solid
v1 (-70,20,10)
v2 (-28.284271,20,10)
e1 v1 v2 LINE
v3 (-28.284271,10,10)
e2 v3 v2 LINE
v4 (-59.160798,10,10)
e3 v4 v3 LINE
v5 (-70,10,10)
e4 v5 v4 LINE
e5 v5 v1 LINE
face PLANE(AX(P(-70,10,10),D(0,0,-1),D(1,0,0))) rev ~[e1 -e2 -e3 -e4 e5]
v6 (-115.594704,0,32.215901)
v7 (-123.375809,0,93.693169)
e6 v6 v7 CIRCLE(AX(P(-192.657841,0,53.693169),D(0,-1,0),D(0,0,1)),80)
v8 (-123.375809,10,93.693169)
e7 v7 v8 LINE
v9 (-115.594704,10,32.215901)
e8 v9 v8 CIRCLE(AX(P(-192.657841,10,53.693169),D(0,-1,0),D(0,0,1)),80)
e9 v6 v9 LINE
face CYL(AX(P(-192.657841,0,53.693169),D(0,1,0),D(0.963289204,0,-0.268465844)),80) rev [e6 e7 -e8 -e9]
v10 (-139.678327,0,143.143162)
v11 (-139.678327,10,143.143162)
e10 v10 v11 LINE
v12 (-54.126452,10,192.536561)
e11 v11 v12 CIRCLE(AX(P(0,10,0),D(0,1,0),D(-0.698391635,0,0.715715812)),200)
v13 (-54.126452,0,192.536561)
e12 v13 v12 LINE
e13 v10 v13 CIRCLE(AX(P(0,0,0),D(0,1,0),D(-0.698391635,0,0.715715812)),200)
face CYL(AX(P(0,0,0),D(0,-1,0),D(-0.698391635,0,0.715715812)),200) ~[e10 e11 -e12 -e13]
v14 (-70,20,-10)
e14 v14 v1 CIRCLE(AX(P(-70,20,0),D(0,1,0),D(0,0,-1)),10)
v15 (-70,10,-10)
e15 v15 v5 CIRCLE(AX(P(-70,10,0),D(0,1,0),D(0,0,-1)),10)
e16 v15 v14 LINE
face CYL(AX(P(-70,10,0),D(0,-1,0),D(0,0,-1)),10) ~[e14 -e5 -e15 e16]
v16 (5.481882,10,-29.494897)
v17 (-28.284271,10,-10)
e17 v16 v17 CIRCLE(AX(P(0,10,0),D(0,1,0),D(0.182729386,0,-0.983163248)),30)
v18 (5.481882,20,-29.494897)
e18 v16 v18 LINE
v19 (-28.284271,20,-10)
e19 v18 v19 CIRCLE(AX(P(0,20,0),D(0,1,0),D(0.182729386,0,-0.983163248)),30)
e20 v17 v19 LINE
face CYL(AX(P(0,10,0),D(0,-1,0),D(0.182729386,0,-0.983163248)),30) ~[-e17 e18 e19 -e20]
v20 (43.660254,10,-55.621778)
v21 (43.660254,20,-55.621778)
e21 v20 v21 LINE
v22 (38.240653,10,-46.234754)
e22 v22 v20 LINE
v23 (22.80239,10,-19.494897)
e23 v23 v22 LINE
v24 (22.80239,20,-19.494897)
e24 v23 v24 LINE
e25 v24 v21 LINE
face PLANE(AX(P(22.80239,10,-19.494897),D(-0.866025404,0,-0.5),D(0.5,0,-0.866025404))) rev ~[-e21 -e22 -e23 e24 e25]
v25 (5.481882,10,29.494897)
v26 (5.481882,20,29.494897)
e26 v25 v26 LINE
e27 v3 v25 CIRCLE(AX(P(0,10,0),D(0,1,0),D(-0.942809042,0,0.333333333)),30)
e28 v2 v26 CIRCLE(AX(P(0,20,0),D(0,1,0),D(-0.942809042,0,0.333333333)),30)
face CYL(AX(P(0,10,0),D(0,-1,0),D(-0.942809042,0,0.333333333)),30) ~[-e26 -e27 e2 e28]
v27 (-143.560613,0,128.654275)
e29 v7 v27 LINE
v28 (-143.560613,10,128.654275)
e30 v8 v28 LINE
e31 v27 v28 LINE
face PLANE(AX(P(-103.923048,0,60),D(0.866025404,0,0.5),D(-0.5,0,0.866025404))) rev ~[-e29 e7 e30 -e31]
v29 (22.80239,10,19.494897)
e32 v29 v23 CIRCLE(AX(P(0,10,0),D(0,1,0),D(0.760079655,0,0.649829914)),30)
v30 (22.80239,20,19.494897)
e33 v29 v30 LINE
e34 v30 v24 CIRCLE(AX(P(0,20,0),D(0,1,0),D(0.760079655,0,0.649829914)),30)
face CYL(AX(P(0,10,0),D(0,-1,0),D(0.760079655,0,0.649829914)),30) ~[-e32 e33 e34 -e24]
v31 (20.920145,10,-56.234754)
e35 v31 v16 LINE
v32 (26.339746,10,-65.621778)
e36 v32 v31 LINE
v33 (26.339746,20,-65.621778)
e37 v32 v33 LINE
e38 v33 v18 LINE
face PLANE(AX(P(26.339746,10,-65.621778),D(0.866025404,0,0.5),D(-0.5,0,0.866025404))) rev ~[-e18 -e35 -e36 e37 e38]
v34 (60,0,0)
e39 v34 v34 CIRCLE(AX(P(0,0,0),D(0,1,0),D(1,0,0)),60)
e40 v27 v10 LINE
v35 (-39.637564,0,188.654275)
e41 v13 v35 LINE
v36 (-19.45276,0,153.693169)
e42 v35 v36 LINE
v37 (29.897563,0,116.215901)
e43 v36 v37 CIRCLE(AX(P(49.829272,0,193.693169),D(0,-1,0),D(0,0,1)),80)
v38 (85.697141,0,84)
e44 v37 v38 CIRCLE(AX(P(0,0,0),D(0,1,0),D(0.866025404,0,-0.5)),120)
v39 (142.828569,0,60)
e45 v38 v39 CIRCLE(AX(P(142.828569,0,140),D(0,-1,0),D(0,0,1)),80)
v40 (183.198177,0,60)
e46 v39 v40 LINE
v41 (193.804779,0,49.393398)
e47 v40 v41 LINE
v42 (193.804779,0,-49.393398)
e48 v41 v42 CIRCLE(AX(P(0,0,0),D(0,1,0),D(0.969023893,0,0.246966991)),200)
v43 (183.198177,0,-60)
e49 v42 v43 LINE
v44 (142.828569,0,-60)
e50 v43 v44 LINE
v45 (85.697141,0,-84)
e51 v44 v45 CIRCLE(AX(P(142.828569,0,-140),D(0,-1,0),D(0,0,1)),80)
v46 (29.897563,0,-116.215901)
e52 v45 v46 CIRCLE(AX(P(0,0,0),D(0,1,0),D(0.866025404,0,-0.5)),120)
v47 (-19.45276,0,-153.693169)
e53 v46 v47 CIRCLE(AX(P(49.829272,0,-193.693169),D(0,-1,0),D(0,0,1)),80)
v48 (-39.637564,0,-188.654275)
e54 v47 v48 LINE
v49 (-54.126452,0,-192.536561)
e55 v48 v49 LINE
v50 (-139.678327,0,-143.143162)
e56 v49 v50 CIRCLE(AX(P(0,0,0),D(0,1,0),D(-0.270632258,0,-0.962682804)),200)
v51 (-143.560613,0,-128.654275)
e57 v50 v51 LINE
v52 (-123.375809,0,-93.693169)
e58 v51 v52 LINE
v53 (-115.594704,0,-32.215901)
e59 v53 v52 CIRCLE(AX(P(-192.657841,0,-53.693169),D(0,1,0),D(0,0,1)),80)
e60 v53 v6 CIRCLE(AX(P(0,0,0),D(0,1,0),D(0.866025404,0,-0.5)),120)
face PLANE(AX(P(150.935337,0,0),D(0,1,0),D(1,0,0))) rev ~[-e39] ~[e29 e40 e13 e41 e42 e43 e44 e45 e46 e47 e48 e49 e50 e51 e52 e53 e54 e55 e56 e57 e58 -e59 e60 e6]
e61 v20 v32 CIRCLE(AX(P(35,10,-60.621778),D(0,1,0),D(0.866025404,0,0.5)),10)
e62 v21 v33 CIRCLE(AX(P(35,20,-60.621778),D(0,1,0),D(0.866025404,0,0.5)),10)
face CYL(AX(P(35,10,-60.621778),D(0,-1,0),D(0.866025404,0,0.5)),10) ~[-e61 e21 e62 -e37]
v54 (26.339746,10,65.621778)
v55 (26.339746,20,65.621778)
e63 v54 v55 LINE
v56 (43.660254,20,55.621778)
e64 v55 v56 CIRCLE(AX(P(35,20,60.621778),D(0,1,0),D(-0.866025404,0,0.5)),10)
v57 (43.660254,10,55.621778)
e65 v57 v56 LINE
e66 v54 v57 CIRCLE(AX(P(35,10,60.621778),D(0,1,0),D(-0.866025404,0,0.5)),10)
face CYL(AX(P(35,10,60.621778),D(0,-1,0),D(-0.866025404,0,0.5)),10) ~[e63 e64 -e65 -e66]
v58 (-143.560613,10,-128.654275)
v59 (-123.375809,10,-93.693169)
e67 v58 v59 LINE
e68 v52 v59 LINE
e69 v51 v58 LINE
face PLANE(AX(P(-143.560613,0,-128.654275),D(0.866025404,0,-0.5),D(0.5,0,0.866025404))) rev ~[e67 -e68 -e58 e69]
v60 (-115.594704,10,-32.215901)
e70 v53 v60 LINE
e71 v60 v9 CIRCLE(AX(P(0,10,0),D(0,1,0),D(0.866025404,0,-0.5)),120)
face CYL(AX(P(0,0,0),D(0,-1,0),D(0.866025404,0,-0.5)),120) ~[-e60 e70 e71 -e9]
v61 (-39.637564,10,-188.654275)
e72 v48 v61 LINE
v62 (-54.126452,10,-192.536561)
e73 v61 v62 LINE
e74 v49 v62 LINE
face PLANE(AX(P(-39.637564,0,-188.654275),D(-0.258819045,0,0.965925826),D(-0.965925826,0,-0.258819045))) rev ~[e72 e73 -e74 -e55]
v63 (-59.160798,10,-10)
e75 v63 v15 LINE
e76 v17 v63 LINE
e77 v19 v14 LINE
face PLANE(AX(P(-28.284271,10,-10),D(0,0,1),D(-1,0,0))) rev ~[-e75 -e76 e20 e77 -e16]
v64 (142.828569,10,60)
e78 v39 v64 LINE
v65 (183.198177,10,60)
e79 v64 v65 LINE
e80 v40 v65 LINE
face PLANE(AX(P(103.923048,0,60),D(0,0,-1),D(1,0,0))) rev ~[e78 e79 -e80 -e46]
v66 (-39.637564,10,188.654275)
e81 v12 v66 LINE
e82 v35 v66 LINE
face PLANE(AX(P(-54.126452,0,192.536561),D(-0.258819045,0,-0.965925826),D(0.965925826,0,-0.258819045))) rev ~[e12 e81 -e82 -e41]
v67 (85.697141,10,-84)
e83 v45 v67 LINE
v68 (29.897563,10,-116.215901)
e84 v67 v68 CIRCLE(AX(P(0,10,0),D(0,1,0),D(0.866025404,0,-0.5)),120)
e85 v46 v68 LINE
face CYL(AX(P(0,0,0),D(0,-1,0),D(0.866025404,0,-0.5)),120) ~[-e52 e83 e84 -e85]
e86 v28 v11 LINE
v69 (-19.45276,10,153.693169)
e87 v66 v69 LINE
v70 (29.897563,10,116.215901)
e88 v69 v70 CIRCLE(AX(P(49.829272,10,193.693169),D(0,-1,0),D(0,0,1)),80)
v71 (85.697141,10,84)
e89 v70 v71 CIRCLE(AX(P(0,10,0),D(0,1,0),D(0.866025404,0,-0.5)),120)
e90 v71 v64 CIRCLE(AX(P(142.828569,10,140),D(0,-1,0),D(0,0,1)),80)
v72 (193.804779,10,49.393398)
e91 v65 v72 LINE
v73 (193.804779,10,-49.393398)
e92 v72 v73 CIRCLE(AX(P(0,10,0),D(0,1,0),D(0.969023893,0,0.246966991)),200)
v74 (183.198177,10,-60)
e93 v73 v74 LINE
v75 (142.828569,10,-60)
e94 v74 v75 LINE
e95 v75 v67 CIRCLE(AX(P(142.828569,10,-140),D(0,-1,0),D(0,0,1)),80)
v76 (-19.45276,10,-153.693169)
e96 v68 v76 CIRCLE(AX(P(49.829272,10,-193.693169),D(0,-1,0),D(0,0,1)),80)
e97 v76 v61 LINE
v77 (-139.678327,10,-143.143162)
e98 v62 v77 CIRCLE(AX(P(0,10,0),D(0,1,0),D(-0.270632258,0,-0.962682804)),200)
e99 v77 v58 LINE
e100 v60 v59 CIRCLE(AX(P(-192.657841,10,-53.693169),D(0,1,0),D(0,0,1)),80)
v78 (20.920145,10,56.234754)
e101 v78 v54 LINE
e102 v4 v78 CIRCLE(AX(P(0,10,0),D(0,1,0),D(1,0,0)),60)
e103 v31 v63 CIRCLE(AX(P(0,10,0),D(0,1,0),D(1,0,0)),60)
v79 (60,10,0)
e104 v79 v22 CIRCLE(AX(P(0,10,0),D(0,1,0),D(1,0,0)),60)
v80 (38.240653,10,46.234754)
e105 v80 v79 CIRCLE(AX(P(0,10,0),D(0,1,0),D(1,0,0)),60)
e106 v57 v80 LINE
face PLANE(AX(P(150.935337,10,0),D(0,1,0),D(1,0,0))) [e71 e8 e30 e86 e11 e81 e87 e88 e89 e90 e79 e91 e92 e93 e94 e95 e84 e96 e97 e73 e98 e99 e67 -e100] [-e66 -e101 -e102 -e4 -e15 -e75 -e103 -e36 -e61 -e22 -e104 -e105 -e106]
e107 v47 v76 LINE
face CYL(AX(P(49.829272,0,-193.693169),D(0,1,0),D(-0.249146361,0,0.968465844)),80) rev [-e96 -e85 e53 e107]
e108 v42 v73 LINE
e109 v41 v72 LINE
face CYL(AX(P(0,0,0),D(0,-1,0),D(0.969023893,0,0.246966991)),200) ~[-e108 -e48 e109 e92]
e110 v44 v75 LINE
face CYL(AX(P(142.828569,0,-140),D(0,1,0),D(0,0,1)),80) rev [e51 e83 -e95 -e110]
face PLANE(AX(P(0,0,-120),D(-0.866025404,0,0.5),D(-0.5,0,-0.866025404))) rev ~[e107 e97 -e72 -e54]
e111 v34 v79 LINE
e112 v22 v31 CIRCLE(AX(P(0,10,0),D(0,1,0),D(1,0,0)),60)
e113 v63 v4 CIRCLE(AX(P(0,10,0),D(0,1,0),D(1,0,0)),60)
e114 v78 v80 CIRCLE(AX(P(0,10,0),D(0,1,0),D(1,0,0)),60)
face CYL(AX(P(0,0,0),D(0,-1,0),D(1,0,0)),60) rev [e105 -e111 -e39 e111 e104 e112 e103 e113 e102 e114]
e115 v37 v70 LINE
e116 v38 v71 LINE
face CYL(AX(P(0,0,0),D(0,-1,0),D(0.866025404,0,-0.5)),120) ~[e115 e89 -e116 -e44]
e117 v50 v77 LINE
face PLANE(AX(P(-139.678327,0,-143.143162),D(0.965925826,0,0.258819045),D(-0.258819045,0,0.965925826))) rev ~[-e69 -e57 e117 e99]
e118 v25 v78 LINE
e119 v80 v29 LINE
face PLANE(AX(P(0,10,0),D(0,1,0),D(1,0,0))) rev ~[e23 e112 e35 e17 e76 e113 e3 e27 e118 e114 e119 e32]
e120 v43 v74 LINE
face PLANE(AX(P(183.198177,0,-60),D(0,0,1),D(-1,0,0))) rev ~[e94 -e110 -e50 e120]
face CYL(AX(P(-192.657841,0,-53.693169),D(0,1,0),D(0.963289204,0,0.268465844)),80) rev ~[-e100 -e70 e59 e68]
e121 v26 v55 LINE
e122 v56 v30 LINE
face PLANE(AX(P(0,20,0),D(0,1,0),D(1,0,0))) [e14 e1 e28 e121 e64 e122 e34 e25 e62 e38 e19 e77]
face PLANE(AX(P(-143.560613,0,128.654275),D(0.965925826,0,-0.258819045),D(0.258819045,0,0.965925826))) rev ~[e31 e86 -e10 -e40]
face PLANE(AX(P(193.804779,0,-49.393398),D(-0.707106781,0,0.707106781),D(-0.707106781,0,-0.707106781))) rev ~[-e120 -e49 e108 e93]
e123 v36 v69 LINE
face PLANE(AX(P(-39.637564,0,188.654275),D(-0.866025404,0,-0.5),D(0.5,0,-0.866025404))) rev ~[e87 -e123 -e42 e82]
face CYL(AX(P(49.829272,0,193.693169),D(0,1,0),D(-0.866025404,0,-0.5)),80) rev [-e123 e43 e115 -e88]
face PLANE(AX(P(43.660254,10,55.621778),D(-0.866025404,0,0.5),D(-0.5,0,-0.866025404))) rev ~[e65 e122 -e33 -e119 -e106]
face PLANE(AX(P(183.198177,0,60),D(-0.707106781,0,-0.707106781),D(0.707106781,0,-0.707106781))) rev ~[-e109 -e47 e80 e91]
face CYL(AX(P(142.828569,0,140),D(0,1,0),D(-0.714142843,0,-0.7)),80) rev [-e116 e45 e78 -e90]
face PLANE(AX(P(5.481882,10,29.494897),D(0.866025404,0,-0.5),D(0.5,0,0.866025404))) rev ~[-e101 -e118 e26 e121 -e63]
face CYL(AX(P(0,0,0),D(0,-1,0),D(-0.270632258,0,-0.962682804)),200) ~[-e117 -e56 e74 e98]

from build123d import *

# Parameters (mm, degrees)
SKETCH2_R           = 60
BOSS_EXTRUDE1_DEPTH = 10
BOSS_EXTRUDE2_DEPTH = 10
CIRPATTERN1_COUNT   = 3
FILLET1_R           = 80
BOSS_EXTRUDE3_DEPTH = 10


with BuildPart() as part:
    # Sketch2 → Boss-Extrude1 (new body)
    with BuildSketch(Plane(origin=(0, 0, 0), x_dir=(1, 0, 0), z_dir=(0, 1, 0))):
        with BuildLine():
            ThreePointArc((120, 0), (115.911099155, 31.058285412), (103.923048454, 60))
            ThreePointArc((103.923048454, 60), (-120, 0), (103.923048454, -60))
            ThreePointArc((103.923048454, -60), (115.911099155, -31.058285412), (120, 0))
        make_face()
        Circle(SKETCH2_R, mode=Mode.SUBTRACT)
    extrude(amount=BOSS_EXTRUDE1_DEPTH)

    # Sketch2<3> → Boss-Extrude2 (add)
    with BuildSketch(Plane(origin=(0, 0, 0), x_dir=(1, 0, 0), z_dir=(0, 1, 0))):
        with BuildLine():
            Line((183.198176877, 60), (103.923048454, 60))
            ThreePointArc((103.923048454, 60), (115.911099155, 31.058285412), (120, 0))
            ThreePointArc((120, 0), (115.911099155, -31.058285412), (103.923048454, -60))
            Line((103.923048454, -60), (183.198176877, -60))
            Line((183.198176877, -60), (193.804778595, -49.393398282))
            ThreePointArc((193.804778595, -49.393398282), (200, 0), (193.804778595, 49.393398282))
            Line((193.804778595, 49.393398282), (183.198176877, 60))
        make_face()
    boss_extrude2 = extrude(amount=BOSS_EXTRUDE2_DEPTH)

    # CirPattern1: Boss-Extrude2 ×3 about axis
    cirpattern1_axis = Axis((0, 10, 0), (0, -1, 0))
    for i in range(1, CIRPATTERN1_COUNT):
        add(boss_extrude2.rotate(cirpattern1_axis, i * 360 / CIRPATTERN1_COUNT))

    # Fillet1
    fillet1_edges = [part.edges().sort_by_distance(p)[0] for p in [
        (-103.923048454, 5, 60),
        (-103.923048454, 5, -60),
        (0, 5, -120),
        (103.923048454, 5, -60),
        (0, 5, 120),
        (103.923048454, 5, 60),
    ]]
    fillet(fillet1_edges, radius=FILLET1_R)

    # Sketch3 → Boss-Extrude3 (add)
    with BuildSketch(Plane(origin=(0, 10, 0), x_dir=(1, 0, 0), z_dir=(0, 1, 0))):
        with BuildLine():
            Line((22.802389662, 19.494897428), (43.660254038, 55.621778265))
            ThreePointArc((43.660254038, 55.621778265), (40, 69.282032303), (26.339745962, 65.621778265))
            Line((26.339745962, 65.621778265), (5.481881586, 29.494897428))
            ThreePointArc((5.481881586, 29.494897428), (-15, 25.980762114), (-28.284271247, 10))
            Line((-28.284271247, 10), (-70, 10))
            ThreePointArc((-70, 10), (-80, 0), (-70, -10))
            Line((-70, -10), (-28.284271247, -10))
            ThreePointArc((-28.284271247, -10), (-15, -25.980762114), (5.481881586, -29.494897428))
            Line((5.481881586, -29.494897428), (26.339745962, -65.621778265))
            ThreePointArc((26.339745962, -65.621778265), (40, -69.282032303), (43.660254038, -55.621778265))
            Line((43.660254038, -55.621778265), (22.802389662, -19.494897428))
            ThreePointArc((22.802389662, -19.494897428), (30, 0), (22.802389662, 19.494897428))
        make_face()
    extrude(amount=BOSS_EXTRUDE3_DEPTH)


solid = part.part
